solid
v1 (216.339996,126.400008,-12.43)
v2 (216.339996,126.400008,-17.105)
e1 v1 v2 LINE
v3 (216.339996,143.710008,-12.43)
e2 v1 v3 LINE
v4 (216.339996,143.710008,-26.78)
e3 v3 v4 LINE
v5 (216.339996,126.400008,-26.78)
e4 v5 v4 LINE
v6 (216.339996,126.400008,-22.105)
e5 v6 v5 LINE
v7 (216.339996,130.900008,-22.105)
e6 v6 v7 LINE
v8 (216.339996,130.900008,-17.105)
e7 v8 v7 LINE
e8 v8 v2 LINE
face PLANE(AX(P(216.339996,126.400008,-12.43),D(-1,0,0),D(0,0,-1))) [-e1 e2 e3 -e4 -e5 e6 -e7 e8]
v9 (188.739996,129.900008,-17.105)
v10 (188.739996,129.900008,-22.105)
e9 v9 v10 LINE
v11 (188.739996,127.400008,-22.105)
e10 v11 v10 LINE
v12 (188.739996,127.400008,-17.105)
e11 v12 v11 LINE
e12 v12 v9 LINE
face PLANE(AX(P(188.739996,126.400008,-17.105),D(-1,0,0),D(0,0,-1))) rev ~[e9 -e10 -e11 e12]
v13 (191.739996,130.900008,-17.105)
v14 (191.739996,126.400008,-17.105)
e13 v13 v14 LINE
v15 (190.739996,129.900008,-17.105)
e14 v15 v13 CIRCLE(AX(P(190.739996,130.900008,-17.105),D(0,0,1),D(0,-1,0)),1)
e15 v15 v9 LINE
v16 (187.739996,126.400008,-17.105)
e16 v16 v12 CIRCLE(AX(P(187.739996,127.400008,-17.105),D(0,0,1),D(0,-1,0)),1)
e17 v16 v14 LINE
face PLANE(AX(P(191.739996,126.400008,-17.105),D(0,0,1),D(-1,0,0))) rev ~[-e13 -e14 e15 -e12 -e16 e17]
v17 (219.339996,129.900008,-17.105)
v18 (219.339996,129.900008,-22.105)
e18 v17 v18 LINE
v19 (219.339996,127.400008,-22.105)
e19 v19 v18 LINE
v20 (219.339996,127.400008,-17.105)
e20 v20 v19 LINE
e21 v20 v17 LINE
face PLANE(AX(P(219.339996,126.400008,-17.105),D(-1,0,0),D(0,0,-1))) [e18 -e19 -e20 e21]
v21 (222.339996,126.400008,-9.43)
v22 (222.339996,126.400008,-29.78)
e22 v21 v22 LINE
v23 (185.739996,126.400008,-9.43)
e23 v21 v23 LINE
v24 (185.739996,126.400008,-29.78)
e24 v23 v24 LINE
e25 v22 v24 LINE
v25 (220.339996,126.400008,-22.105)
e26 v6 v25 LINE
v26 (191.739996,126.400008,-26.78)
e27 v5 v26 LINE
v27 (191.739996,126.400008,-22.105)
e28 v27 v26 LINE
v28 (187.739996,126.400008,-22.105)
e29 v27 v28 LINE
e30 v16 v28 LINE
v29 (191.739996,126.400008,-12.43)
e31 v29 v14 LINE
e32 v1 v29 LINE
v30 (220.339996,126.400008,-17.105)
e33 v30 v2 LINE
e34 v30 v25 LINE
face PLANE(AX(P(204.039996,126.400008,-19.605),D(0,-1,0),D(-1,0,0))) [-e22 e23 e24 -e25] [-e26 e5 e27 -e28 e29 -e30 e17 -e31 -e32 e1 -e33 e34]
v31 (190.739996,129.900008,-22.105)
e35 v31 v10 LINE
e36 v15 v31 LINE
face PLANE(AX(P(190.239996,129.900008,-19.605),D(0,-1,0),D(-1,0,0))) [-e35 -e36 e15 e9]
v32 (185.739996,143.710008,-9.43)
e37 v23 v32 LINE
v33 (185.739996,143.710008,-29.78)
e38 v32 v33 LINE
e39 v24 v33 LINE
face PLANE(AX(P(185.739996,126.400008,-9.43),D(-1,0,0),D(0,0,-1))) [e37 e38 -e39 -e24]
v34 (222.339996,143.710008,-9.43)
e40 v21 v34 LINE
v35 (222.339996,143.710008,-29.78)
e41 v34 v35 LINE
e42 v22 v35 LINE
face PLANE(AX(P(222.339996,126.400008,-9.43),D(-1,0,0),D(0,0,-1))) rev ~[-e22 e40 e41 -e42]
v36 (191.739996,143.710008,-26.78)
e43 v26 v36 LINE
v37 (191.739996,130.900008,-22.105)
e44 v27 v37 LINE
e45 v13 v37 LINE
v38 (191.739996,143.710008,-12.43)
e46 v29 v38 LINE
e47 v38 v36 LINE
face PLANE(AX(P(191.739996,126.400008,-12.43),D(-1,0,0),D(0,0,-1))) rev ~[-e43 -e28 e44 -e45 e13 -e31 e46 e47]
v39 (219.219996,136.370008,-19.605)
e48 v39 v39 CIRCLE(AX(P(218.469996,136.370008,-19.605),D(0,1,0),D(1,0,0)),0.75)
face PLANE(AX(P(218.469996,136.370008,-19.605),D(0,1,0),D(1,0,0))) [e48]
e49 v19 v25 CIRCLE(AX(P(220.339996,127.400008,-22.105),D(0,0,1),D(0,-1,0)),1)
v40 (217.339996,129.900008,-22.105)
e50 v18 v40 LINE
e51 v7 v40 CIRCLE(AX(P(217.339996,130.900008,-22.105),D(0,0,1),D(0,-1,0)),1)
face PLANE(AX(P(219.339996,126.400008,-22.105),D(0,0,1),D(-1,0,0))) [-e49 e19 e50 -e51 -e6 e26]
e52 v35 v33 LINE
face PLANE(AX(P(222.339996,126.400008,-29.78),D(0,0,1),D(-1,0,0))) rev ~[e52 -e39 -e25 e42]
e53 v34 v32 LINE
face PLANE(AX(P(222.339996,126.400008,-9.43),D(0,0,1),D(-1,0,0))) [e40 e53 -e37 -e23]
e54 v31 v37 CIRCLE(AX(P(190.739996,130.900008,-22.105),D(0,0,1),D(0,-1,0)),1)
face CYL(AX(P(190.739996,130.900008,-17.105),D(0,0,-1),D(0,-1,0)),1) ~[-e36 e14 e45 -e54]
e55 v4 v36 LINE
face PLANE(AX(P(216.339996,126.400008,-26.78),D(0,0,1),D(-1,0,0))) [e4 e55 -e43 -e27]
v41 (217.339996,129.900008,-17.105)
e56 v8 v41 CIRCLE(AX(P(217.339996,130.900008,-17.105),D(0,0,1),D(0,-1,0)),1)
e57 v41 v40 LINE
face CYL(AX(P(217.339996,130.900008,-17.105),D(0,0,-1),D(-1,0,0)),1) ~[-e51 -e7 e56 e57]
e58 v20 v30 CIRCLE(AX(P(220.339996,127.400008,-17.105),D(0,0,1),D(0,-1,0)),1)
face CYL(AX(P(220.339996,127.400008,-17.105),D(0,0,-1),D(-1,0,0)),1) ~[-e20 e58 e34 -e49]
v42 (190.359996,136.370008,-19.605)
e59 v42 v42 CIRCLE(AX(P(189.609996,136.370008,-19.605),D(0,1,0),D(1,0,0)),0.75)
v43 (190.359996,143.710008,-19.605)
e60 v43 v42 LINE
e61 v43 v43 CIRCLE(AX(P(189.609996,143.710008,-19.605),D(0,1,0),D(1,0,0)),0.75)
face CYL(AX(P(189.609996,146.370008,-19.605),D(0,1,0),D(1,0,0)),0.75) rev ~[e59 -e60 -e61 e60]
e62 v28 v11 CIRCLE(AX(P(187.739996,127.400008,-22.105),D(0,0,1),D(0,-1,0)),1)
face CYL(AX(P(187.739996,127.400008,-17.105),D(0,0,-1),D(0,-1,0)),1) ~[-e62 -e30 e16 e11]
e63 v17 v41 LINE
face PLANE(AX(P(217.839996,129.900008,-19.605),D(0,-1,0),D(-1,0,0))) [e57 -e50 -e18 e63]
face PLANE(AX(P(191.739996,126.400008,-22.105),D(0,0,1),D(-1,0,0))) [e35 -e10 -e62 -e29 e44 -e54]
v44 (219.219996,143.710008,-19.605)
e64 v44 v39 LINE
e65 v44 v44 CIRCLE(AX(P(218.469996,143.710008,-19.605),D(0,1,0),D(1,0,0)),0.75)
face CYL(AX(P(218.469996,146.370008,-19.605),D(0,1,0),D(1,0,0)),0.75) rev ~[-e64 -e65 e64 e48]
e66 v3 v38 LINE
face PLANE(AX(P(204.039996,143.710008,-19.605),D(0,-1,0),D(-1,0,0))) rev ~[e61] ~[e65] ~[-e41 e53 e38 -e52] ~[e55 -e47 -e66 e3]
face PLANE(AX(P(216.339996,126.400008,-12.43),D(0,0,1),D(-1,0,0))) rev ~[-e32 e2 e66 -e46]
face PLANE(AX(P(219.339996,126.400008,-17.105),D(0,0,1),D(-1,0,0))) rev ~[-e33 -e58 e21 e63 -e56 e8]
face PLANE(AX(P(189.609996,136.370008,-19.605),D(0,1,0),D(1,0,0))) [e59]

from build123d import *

# Parameters (mm, degrees)
SKETCH037_W             = 36.6
SKETCH037_H             = 20.35
SKETCH037_W_2           = 24.6
SKETCH037_H_2           = 14.35
PAD020_DEPTH            = 17.31
SKETCH039_R             = 0.75
POCKET013_DEPTH         = 10
SKETCH038_W             = 3
SKETCH038_H             = 5
POCKET012_DEPTH         = 3.5
FILLET015_R             = 1
FILLET018_R             = 1
FILLET016_R             = 1
FILLET017_R             = 1
BODY009_PLACEMENT_ANGLE = 180


with BuildPart() as part:
    # Sketch037 (on Face1 of ReferencePocket005) → Pad020 (new body)
    with BuildSketch(Plane.XZ):
        with Locations((11.3, 6.175)):
            Rectangle(SKETCH037_W, SKETCH037_H)
        with Locations((11.3, 6.175)):
            Rectangle(SKETCH037_W_2, SKETCH037_H_2, mode=Mode.SUBTRACT)
    extrude(amount=-PAD020_DEPTH)

    # Sketch039 (on Face10 of Pad019) → Pocket013 (cut)
    with BuildSketch(Plane(origin=(0, 19.97, 0), x_dir=(-1, 0, 0), z_dir=(0, 1, 0))):
        with Locations((-25.73, 6.175)):
            Circle(SKETCH039_R)
        with Locations((3.13, 6.175)):
            Circle(SKETCH039_R)
    extrude(amount=-POCKET013_DEPTH, mode=Mode.SUBTRACT)

    # Sketch038 (on Face4 of Pocket013) → Pocket012 (cut)
    with BuildSketch(Plane.XZ):
        with Locations((-2.5, 6.175)):
            Rectangle(SKETCH038_W, SKETCH038_H)
        with Locations((25.1, 6.175)):
            Rectangle(SKETCH038_W, SKETCH038_H)
    extrude(amount=-POCKET012_DEPTH, mode=Mode.SUBTRACT)

    # Fillet015
    fillet015_edges = [part.edges().sort_by_distance(p)[0] for p in [
        (26.6, 0, 6.175),
    ]]
    fillet(fillet015_edges, radius=FILLET015_R)

    # Fillet018
    fillet018_edges = [part.edges().sort_by_distance(p)[0] for p in [
        (23.6, 3.5, 6.175),
    ]]
    fillet(fillet018_edges, radius=FILLET018_R)

    # Fillet016
    fillet016_edges = [part.edges().sort_by_distance(p)[0] for p in [
        (-1, 3.5, 6.175),
    ]]
    fillet(fillet016_edges, radius=FILLET016_R)

    # Fillet017
    fillet017_edges = [part.edges().sort_by_distance(p)[0] for p in [
        (-4, 0, 6.175),
    ]]
    fillet(fillet017_edges, radius=FILLET017_R)


with BuildPart() as part_1:
    # Body009 placement: moved
    add(part.part.moved(Location((215.339996, 126.400008, -13.43))).rotate(Axis((215.339996, 126.400008, -13.43), (0, 1, 0)), BODY009_PLACEMENT_ANGLE))


solid = part_1.part
